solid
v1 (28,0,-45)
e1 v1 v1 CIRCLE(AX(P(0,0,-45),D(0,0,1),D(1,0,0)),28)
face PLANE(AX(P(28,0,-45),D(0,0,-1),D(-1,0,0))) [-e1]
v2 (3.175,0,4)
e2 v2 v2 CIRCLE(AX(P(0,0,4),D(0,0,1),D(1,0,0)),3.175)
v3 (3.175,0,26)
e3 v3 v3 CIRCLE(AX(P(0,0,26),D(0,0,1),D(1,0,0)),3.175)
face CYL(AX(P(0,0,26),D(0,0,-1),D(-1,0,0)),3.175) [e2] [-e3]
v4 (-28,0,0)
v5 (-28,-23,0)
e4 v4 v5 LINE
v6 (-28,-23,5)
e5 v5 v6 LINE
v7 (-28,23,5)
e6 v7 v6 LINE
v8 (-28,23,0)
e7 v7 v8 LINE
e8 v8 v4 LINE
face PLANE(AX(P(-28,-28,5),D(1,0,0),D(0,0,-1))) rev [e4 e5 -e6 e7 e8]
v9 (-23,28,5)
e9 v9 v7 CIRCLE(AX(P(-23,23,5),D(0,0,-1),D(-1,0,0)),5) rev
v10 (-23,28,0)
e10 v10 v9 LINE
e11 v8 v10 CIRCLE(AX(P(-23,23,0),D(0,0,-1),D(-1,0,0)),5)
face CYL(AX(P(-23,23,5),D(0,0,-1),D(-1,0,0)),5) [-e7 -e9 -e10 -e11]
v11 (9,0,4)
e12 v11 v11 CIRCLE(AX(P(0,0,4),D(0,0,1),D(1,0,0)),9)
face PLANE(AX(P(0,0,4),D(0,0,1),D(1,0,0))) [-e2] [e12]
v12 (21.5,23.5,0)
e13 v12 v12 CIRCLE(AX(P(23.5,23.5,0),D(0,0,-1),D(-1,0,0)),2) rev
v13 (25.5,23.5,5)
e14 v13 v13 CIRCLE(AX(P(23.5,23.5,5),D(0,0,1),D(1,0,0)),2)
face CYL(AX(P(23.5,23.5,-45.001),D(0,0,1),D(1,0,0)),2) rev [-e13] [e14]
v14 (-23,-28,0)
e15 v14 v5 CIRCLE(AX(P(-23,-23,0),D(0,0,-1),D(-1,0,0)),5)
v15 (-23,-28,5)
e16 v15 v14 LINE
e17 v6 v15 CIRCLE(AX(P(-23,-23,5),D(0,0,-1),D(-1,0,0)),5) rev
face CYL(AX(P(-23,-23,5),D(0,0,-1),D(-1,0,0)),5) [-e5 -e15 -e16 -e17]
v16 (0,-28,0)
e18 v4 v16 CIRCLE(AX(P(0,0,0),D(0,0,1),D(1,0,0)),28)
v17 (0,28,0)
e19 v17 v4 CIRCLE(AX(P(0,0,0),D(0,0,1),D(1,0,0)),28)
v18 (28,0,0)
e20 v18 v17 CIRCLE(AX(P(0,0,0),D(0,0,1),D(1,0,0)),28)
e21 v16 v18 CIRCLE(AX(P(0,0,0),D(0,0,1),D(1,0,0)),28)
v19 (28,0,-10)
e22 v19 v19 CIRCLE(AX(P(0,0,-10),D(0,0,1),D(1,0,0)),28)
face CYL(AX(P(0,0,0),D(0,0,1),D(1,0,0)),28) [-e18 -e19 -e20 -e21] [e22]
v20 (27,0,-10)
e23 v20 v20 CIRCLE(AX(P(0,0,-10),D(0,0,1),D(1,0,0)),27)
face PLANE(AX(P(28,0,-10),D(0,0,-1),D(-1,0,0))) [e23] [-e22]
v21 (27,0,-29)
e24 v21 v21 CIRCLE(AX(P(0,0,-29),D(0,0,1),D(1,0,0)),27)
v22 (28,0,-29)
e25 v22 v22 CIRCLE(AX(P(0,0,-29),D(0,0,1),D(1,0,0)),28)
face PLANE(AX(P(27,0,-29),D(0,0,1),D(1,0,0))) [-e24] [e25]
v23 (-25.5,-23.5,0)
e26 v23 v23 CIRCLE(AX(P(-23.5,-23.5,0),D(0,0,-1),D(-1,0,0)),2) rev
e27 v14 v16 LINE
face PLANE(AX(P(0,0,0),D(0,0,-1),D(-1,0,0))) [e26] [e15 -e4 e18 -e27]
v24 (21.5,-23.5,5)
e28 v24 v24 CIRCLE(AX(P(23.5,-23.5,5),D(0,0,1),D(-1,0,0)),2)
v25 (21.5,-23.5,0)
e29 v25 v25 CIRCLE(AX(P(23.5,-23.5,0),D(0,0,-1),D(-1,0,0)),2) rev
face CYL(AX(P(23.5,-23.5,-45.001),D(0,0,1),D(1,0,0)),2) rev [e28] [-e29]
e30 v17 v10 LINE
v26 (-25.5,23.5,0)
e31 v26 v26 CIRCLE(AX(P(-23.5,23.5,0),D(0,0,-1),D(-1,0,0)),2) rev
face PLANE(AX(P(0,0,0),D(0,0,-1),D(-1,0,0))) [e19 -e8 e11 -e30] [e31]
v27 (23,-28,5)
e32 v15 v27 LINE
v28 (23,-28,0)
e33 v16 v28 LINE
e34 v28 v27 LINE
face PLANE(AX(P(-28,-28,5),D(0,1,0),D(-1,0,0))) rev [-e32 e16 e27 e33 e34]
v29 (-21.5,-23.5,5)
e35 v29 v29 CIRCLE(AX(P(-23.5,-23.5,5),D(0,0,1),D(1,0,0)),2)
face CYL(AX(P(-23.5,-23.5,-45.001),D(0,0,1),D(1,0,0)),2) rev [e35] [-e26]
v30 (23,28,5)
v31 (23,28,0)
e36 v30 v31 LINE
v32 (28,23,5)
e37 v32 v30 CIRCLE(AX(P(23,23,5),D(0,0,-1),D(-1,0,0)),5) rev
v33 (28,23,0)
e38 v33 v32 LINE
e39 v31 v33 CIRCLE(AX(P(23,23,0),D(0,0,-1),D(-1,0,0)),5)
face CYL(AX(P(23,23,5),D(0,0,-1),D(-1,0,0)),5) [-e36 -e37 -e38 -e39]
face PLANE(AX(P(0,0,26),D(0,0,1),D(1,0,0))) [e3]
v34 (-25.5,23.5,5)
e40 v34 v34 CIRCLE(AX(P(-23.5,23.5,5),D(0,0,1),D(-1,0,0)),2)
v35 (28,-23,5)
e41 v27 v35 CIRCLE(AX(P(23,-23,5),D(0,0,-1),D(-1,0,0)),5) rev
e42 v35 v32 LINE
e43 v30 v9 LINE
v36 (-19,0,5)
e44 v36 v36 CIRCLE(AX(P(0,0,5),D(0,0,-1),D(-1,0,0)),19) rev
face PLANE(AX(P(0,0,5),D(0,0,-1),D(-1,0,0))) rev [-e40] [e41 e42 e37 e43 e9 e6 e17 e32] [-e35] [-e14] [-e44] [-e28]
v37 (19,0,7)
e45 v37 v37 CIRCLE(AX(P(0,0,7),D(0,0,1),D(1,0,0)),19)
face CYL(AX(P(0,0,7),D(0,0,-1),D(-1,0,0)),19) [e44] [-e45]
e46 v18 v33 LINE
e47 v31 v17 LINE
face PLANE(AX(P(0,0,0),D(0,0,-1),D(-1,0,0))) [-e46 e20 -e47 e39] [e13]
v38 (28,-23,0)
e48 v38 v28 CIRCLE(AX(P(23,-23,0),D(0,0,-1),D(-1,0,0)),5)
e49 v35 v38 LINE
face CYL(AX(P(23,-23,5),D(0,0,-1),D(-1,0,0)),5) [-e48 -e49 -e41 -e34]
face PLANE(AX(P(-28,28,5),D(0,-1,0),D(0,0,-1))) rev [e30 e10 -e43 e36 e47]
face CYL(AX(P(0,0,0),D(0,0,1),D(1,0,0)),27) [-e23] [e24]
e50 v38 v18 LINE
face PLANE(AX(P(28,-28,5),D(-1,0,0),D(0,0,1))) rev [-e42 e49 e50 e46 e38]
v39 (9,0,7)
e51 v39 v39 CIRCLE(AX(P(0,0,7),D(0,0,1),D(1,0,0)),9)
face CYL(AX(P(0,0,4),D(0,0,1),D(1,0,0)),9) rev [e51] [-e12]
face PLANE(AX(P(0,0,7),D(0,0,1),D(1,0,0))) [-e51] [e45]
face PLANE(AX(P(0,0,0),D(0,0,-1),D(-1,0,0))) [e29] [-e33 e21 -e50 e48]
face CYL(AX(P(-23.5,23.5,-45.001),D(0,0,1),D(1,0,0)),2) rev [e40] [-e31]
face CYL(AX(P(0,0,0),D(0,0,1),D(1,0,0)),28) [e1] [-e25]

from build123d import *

# Parameters (mm, degrees)
ESQUISSE1_W             = 56
ESQUISSE1_H             = 56
BOSS_EXTRU_1_DEPTH      = 5
ESQUISSE3_R             = 19
BOSS_EXTRU_2_DEPTH      = 2
ESQUISSE4_R             = 9
ENL_V_MAT_EXTRU_1_DEPTH = 3
ESQUISSE5_R             = 3.175
BOSS_EXTRU_3_DEPTH      = 22
ENL_V_MAT_EXTRU_2_REACH = 65.781
ESQUISSE6_R             = 2
CONG_1_R                = 5


with BuildPart() as part:
    # Esquisse1 → Boss.-Extru.1 (new body)
    with BuildSketch(Plane.XY):
        Rectangle(ESQUISSE1_W, ESQUISSE1_H)
    extrude(amount=BOSS_EXTRU_1_DEPTH)

    # Esquisse2 → Révolution1 (revolve)
    with BuildSketch(Plane(origin=(0, 0, 0), x_dir=(1, 0, 0), z_dir=(0, 1, 0))):
        Polygon((0, 0), (28, 0), (28, 10), (27, 10), (27, 29), (28, 29), (28, 45), (0, 45), align=None)
    revolve(axis=Axis((0, 0, 0), (0, 0, -1)))

    # Esquisse3 → Boss.-Extru.2 (add)
    with BuildSketch(Plane.XY.offset(5)):
        with Locations(Location((0, 0, 0), (0, 0, 180))):
            Circle(ESQUISSE3_R)
    extrude(amount=BOSS_EXTRU_2_DEPTH)

    # Esquisse4 → Enlèv. mat.-Extru.1 (cut)
    with BuildSketch(Plane.XY.offset(7)):
        Circle(ESQUISSE4_R)
    extrude(amount=-ENL_V_MAT_EXTRU_1_DEPTH, mode=Mode.SUBTRACT)

    # Esquisse5 → Boss.-Extru.3 (add)
    with BuildSketch(Plane.XY.offset(4)):
        Circle(ESQUISSE5_R)
    extrude(amount=BOSS_EXTRU_3_DEPTH)

    # Esquisse6 → Enlèv. mat.-Extru.2 (cut, up to next)
    with BuildSketch(Plane.XY.offset(5), mode=Mode.PRIVATE) as enl_v_mat_extru_2_sk1:
        with Locations((23.5, 23.5)):
            Circle(ESQUISSE6_R)
    enl_v_mat_extru_2_tool1 = extrude(enl_v_mat_extru_2_sk1.sketch, amount=-ENL_V_MAT_EXTRU_2_REACH, mode=Mode.PRIVATE) & part.part
    # Esquisse6 → Enlèv. mat.-Extru.2 (cut, up to next)
    with BuildSketch(Plane.XY.offset(5), mode=Mode.PRIVATE) as enl_v_mat_extru_2_sk2:
        with Locations(Location((-23.5, 23.5, 0), (0, 0, 180))):
            Circle(ESQUISSE6_R)
    enl_v_mat_extru_2_tool2 = extrude(enl_v_mat_extru_2_sk2.sketch, amount=-ENL_V_MAT_EXTRU_2_REACH, mode=Mode.PRIVATE) & part.part
    # Esquisse6 → Enlèv. mat.-Extru.2 (cut, up to next)
    with BuildSketch(Plane.XY.offset(5), mode=Mode.PRIVATE) as enl_v_mat_extru_2_sk3:
        with Locations(Location((23.5, -23.5, 0), (0, 0, 180))):
            Circle(ESQUISSE6_R)
    enl_v_mat_extru_2_tool3 = extrude(enl_v_mat_extru_2_sk3.sketch, amount=-ENL_V_MAT_EXTRU_2_REACH, mode=Mode.PRIVATE) & part.part
    # Esquisse6 → Enlèv. mat.-Extru.2 (cut, up to next)
    with BuildSketch(Plane.XY.offset(5), mode=Mode.PRIVATE) as enl_v_mat_extru_2_sk4:
        with Locations((-23.5, -23.5)):
            Circle(ESQUISSE6_R)
    enl_v_mat_extru_2_tool4 = extrude(enl_v_mat_extru_2_sk4.sketch, amount=-ENL_V_MAT_EXTRU_2_REACH, mode=Mode.PRIVATE) & part.part
    add(enl_v_mat_extru_2_tool1.solids().sort_by_distance((23.5, 23.5, 5))[0], mode=Mode.SUBTRACT)
    add(enl_v_mat_extru_2_tool2.solids().sort_by_distance((-23.5, 23.5, 5))[0], mode=Mode.SUBTRACT)
    add(enl_v_mat_extru_2_tool3.solids().sort_by_distance((23.5, -23.5, 5))[0], mode=Mode.SUBTRACT)
    add(enl_v_mat_extru_2_tool4.solids().sort_by_distance((-23.5, -23.5, 5))[0], mode=Mode.SUBTRACT)

    # Congé1
    cong_1_edges = [part.edges().sort_by_distance(p)[0] for p in [
        (-28, 28, 2.5),
        (28, 28, 2.5),
        (28, -28, 2.5),
        (-28, -28, 2.5),
    ]]
    fillet(cong_1_edges, radius=CONG_1_R)


solid = part.part
